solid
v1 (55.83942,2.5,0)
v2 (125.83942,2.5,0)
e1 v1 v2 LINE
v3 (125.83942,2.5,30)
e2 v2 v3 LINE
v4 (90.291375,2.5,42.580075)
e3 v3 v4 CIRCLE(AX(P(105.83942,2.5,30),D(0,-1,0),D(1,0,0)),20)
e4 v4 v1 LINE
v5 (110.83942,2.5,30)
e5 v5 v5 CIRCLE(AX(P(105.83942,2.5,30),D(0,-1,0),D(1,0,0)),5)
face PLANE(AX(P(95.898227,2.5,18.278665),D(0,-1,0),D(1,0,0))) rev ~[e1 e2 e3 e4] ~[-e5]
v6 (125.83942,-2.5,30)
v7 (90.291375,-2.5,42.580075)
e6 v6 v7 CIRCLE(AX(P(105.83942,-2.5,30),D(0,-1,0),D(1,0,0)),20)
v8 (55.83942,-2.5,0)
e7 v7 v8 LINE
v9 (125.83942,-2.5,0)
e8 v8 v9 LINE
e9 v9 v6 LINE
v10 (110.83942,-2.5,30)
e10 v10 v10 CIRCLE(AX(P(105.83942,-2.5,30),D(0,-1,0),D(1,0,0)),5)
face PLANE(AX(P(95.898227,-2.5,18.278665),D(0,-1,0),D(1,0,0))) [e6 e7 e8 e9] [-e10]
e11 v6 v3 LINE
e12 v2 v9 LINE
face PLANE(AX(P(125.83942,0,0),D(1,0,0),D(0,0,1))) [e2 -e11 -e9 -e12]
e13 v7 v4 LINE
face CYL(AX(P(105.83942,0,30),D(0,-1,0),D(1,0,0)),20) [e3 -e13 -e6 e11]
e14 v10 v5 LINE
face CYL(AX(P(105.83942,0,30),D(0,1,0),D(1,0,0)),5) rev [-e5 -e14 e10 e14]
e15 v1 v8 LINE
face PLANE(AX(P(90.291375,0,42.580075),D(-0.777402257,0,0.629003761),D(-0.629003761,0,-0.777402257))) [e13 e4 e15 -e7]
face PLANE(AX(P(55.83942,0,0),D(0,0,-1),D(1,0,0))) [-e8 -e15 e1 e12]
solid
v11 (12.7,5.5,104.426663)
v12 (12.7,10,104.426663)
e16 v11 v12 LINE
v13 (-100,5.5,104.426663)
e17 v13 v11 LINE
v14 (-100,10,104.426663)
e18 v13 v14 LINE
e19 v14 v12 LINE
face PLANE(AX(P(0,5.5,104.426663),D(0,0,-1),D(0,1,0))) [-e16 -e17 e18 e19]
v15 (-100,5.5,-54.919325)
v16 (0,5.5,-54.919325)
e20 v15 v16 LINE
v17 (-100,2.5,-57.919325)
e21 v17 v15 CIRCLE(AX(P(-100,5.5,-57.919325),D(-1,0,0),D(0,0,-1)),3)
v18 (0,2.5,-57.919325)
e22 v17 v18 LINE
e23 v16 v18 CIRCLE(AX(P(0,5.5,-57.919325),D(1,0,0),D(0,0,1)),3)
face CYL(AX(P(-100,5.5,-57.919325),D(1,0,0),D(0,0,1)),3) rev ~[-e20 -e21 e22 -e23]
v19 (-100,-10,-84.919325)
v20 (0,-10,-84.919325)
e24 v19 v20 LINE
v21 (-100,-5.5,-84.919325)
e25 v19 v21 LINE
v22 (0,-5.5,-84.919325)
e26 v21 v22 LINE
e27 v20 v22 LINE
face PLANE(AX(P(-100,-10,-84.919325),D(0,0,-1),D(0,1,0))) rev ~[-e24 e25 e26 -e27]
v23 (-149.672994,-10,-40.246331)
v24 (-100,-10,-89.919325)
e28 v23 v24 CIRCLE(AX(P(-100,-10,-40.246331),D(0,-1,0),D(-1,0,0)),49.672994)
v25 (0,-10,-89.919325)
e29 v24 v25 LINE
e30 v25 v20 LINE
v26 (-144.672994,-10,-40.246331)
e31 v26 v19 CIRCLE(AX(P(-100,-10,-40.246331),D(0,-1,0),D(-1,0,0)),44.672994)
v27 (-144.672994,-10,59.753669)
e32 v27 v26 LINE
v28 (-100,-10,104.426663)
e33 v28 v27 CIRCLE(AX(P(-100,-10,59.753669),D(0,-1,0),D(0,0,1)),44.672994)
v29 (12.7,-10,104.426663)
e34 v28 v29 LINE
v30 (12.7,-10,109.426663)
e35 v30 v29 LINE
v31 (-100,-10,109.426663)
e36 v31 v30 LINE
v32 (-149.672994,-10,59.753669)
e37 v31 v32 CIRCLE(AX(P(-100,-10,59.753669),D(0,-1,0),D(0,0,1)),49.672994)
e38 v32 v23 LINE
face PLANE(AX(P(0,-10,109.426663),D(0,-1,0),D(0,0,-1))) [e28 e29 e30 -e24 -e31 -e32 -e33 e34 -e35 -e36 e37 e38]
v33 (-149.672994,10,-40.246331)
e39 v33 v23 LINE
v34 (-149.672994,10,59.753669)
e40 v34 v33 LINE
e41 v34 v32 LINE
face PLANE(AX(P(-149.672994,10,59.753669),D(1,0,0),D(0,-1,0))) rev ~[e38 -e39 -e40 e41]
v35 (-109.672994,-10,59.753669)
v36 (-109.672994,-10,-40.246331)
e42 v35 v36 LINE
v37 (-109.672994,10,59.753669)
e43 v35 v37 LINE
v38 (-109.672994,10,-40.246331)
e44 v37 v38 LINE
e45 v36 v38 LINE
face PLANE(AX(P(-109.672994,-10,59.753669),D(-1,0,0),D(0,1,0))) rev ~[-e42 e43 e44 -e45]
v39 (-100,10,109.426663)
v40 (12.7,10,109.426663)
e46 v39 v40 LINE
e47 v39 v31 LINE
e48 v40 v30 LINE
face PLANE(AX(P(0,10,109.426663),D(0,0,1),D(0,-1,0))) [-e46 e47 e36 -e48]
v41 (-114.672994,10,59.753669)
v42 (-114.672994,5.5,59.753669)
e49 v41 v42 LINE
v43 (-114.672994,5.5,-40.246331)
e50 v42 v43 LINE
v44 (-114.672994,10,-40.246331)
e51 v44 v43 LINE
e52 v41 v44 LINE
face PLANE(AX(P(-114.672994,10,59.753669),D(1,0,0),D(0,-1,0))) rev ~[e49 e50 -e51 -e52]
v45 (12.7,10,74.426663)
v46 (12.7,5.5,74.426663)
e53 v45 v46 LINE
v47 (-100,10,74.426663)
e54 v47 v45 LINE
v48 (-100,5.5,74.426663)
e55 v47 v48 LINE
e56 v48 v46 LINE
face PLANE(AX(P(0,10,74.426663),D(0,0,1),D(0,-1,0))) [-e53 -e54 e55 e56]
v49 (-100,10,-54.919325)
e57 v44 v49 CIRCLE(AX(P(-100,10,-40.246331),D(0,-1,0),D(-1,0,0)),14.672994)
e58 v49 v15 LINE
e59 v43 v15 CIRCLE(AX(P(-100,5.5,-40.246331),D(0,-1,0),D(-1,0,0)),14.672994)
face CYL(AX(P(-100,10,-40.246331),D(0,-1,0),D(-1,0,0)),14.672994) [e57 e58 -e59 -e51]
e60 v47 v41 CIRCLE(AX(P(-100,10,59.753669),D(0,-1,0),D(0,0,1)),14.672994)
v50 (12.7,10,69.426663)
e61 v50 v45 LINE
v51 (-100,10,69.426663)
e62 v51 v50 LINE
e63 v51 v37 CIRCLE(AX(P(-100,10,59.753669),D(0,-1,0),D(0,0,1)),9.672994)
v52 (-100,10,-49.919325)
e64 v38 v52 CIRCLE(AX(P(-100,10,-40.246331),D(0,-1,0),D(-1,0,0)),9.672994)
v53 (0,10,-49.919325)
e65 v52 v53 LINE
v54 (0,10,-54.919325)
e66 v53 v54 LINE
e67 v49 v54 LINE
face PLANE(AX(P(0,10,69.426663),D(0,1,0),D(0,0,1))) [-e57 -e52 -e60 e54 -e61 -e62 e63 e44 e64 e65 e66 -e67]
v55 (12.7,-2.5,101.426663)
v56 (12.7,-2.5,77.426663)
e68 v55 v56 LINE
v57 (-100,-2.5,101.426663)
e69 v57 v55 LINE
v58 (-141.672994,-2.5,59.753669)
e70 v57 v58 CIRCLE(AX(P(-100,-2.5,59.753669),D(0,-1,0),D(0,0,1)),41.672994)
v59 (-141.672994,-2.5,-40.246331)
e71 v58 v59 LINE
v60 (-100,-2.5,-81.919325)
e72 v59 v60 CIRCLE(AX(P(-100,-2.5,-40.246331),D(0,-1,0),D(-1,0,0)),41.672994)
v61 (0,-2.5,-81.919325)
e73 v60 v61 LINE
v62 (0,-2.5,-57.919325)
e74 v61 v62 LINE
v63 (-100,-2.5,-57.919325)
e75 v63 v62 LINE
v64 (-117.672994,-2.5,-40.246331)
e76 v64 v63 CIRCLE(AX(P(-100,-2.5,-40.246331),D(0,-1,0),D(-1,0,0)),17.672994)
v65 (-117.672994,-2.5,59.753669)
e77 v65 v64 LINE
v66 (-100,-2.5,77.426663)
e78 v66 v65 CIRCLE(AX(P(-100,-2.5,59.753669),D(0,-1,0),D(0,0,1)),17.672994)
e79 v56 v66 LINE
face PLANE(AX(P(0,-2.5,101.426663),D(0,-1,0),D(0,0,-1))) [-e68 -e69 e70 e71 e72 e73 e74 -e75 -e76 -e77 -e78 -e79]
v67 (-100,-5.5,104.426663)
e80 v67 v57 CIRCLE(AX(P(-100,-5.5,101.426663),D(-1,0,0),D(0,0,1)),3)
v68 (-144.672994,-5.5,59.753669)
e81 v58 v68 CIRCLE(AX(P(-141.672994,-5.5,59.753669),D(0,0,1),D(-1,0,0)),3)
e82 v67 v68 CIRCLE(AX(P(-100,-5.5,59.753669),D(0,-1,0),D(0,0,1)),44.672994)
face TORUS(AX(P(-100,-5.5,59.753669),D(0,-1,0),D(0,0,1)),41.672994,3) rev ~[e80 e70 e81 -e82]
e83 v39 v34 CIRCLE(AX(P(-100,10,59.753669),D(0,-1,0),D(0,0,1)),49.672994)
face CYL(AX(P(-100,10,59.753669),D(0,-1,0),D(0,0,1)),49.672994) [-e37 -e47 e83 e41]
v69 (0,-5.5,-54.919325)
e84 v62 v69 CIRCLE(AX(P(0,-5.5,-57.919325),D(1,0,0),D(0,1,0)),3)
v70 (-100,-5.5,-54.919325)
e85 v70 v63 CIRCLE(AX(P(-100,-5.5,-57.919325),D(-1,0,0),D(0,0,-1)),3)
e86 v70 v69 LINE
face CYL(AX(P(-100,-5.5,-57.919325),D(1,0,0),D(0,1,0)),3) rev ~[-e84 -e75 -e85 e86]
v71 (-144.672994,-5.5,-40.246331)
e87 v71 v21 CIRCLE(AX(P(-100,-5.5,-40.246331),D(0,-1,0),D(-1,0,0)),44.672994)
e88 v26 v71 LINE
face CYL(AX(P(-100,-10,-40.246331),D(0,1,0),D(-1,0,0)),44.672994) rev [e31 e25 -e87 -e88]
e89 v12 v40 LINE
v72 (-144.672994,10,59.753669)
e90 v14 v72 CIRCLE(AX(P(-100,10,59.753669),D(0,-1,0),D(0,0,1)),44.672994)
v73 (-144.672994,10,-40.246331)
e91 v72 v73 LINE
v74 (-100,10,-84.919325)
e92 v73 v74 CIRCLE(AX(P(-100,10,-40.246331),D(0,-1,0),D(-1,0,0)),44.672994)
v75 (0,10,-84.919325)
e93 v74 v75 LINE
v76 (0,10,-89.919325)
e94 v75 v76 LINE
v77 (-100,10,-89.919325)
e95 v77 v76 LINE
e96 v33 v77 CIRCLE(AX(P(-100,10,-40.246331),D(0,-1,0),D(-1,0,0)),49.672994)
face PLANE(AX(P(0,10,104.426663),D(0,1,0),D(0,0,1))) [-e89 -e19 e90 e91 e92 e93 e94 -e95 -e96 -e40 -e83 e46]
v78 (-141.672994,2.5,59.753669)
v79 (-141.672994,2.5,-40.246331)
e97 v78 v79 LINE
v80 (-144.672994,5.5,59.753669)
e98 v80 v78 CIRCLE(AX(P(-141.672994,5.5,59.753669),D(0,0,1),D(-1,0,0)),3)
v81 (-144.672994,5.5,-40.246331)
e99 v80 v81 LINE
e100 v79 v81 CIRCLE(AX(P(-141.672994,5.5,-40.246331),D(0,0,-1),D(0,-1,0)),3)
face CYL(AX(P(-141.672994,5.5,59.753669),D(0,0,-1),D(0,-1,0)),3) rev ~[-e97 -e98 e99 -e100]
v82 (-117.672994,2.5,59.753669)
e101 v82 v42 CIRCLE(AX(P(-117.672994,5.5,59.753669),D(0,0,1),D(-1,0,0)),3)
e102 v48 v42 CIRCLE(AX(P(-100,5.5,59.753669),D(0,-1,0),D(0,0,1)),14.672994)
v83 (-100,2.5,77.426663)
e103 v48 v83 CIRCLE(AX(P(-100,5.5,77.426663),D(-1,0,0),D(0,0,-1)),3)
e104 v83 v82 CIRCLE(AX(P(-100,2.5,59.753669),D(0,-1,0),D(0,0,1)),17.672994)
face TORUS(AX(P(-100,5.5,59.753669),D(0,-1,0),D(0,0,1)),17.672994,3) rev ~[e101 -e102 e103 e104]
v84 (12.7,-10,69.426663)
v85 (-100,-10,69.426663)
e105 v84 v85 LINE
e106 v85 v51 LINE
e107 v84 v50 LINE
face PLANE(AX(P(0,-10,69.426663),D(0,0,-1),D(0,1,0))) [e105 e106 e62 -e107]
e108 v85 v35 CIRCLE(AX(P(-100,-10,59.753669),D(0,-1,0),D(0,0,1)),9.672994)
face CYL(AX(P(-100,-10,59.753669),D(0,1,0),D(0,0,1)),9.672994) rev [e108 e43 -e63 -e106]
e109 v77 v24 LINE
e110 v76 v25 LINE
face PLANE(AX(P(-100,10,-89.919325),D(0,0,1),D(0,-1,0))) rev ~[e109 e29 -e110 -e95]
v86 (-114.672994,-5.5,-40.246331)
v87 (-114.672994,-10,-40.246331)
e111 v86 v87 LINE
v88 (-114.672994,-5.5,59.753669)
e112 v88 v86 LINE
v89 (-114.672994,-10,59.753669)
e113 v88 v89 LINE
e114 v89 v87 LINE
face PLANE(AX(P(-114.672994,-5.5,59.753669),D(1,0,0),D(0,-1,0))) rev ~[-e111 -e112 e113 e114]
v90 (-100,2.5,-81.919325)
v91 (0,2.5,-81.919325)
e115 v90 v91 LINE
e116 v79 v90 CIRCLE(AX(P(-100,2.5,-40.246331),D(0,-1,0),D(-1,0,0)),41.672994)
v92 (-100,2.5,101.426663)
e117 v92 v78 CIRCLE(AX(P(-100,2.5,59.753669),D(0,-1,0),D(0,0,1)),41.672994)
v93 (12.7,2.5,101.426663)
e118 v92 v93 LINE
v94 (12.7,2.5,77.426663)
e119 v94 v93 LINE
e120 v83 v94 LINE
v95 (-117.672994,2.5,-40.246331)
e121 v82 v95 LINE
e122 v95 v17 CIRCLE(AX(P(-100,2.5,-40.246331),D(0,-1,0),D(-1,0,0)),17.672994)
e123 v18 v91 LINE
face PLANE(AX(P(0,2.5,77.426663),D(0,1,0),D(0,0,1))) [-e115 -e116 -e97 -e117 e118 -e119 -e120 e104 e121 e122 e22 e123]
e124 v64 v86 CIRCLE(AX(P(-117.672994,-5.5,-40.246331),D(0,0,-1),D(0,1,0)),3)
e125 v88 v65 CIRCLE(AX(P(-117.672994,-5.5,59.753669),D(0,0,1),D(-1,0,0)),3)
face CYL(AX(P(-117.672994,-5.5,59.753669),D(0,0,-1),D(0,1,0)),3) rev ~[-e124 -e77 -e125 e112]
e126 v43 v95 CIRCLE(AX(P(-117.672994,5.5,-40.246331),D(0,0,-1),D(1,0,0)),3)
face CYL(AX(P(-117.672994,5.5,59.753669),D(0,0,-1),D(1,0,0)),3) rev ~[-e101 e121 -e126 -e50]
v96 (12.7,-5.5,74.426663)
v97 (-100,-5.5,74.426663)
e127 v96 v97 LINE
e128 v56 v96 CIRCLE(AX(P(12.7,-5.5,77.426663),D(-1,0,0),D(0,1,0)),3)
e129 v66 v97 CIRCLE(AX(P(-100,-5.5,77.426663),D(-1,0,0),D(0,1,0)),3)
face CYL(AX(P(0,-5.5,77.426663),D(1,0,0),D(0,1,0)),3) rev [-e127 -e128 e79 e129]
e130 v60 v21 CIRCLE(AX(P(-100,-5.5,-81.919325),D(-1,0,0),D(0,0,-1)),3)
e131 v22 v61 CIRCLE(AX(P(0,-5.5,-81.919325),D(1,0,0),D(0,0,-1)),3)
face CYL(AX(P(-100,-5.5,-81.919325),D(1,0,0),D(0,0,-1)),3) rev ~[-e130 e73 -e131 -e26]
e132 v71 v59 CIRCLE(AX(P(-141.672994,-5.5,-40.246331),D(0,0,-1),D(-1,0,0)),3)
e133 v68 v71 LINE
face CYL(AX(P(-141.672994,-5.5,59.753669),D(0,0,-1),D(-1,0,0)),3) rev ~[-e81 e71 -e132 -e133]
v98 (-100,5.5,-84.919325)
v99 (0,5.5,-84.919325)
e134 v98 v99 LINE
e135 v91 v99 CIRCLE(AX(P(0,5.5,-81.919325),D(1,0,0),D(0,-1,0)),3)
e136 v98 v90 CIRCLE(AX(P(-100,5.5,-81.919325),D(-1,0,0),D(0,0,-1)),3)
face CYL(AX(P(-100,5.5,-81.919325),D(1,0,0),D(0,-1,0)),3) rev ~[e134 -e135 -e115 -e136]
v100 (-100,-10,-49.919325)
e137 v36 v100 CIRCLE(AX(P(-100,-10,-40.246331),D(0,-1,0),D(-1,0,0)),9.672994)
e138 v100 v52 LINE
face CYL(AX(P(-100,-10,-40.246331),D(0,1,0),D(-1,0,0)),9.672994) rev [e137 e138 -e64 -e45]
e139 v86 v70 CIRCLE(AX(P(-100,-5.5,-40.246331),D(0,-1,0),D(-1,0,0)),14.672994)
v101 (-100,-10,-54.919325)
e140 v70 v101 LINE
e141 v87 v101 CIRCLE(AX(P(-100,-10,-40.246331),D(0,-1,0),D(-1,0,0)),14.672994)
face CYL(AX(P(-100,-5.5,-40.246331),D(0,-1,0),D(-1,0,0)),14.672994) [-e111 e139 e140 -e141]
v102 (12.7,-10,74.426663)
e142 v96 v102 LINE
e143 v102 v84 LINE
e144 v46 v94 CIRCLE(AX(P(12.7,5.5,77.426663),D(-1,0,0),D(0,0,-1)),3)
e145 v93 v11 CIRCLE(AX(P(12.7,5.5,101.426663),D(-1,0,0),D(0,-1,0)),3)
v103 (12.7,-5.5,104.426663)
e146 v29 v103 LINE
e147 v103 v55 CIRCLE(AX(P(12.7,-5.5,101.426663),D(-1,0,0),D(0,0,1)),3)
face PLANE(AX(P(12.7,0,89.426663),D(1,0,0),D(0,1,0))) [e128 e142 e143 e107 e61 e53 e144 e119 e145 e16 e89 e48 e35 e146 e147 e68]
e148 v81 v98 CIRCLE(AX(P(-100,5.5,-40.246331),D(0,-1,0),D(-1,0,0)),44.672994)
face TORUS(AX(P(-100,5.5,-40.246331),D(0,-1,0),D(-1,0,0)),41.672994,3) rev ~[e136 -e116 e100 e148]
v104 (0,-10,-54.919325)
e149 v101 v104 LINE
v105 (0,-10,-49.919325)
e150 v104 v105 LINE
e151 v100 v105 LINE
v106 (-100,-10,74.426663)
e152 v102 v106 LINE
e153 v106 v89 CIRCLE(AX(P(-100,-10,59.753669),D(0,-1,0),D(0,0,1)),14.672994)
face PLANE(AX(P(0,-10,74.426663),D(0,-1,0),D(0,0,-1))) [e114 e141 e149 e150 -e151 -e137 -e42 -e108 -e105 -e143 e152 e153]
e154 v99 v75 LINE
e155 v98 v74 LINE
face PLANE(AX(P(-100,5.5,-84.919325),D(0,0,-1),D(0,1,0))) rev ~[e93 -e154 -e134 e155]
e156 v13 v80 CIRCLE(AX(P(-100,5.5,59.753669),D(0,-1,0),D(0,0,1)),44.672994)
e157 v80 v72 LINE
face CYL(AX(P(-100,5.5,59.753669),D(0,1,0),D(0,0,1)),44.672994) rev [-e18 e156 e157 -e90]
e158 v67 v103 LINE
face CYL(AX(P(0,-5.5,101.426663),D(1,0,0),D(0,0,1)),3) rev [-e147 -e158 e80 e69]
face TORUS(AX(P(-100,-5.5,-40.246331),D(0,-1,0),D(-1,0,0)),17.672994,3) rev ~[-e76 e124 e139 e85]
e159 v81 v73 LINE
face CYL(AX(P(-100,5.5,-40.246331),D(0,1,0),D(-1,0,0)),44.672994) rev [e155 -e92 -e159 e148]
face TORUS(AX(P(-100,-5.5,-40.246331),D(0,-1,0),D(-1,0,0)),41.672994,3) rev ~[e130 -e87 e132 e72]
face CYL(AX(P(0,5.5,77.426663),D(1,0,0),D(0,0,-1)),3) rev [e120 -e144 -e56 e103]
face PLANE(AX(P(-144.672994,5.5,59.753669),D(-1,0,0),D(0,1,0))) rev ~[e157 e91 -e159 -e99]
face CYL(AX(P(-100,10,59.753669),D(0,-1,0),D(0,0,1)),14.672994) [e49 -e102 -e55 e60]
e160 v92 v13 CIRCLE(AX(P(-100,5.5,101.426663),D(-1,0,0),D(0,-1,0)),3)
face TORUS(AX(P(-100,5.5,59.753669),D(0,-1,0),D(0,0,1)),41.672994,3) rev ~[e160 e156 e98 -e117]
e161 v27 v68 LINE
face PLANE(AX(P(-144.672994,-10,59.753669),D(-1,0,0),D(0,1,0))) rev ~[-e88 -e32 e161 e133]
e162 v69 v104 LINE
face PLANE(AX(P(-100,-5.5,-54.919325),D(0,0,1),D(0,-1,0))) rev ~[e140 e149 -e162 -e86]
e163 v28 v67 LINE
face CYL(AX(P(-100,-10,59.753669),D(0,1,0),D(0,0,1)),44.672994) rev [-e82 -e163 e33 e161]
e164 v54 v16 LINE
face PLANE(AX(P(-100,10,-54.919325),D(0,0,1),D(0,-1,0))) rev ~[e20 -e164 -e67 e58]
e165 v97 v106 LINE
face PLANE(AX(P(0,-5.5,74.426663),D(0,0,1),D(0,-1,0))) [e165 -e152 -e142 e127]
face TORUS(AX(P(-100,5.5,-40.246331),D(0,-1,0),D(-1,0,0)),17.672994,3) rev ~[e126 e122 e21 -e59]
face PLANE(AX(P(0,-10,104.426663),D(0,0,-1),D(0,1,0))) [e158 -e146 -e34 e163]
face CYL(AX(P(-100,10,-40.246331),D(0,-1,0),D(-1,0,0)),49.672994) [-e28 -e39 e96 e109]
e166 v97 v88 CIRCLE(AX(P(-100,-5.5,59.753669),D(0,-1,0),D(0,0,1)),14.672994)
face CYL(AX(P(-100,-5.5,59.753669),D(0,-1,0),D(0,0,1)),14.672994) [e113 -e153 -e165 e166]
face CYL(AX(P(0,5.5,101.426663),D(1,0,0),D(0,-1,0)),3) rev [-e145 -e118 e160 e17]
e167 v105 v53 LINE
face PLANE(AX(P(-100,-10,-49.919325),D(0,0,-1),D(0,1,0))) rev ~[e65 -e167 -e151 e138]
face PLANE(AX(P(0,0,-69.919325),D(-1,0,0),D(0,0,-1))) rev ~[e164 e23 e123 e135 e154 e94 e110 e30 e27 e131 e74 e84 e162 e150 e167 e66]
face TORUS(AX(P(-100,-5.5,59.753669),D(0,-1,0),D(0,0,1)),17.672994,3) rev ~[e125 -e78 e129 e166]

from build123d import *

# Parameters (mm, degrees)
F2_DEPTH = 12.7
F4_R     = 5
F5_DEPTH = 2.5


with BuildPart() as f2:
    # F0 (on Right) → F2 (new body, symmetric)
    with BuildSketch(Plane.YZ):
        with BuildLine():
            Line((-10, 69.4266632199), (0, 69.4266632199))
            Line((0, 69.4266632199), (10, 69.4266632199))
            Line((10, 69.4266632199), (10, 74.4266632199))
            Line((10, 74.4266632199), (5.5, 74.4266632199))
            ThreePointArc((5.5, 74.4266632199), (3.3786796564, 75.3053428764), (2.5, 77.4266632199))
            Line((2.5, 77.4266632199), (2.5, 101.4266632199))
            ThreePointArc((2.5, 101.4266632199), (3.3786796564, 103.5479835635), (5.5, 104.4266632199))
            Line((5.5, 104.4266632199), (10, 104.4266632199))
            Line((10, 104.4266632199), (10, 109.4266632199))
            Line((10, 109.4266632199), (0, 109.4266632199))
            Line((0, 109.4266632199), (-10, 109.4266632199))
            Line((-10, 109.4266632199), (-10, 104.4266632199))
            Line((-10, 104.4266632199), (-5.5, 104.4266632199))
            ThreePointArc((-5.5, 104.4266632199), (-3.3786796564, 103.5479835635), (-2.5, 101.4266632199))
            Line((-2.5, 101.4266632199), (-2.5, 77.4266632199))
            ThreePointArc((-2.5, 77.4266632199), (-3.3786796564, 75.3053428764), (-5.5, 74.4266632199))
            Line((-5.5, 74.4266632199), (-10, 74.4266632199))
            Line((-10, 74.4266632199), (-10, 69.4266632199))
        make_face()
    extrude(amount=F2_DEPTH, both=True)

    # F3: sweep along a path in F1
    with BuildLine(Plane.XZ) as f3_path:
        Line((0, 69.7536692023), (-100, 69.7536692023))
        ThreePointArc((-100, 69.7536692023), (-107.0710678119, 66.8247370142), (-110, 59.7536692023))
        Line((-110, 59.7536692023), (-110, -40.2463307977))
        ThreePointArc((-110, -40.2463307977), (-107.0710678119, -47.3173986095), (-100, -50.2463307977))
        Line((-100, -50.2463307977), (0, -50.2463307977))
    # F0 (on Right) → F3 (sweep)
    with BuildSketch(Plane.YZ):
        with BuildLine():
            Line((-10, 69.4266632199), (0, 69.4266632199))
            Line((0, 69.4266632199), (10, 69.4266632199))
            Line((10, 69.4266632199), (10, 74.4266632199))
            Line((10, 74.4266632199), (5.5, 74.4266632199))
            ThreePointArc((5.5, 74.4266632199), (3.3786796564, 75.3053428764), (2.5, 77.4266632199))
            Line((2.5, 77.4266632199), (2.5, 101.4266632199))
            ThreePointArc((2.5, 101.4266632199), (3.3786796564, 103.5479835635), (5.5, 104.4266632199))
            Line((5.5, 104.4266632199), (10, 104.4266632199))
            Line((10, 104.4266632199), (10, 109.4266632199))
            Line((10, 109.4266632199), (0, 109.4266632199))
            Line((0, 109.4266632199), (-10, 109.4266632199))
            Line((-10, 109.4266632199), (-10, 104.4266632199))
            Line((-10, 104.4266632199), (-5.5, 104.4266632199))
            ThreePointArc((-5.5, 104.4266632199), (-3.3786796564, 103.5479835635), (-2.5, 101.4266632199))
            Line((-2.5, 101.4266632199), (-2.5, 77.4266632199))
            ThreePointArc((-2.5, 77.4266632199), (-3.3786796564, 75.3053428764), (-5.5, 74.4266632199))
            Line((-5.5, 74.4266632199), (-10, 74.4266632199))
            Line((-10, 74.4266632199), (-10, 69.4266632199))
        make_face()
    sweep(path=f3_path.line)


with BuildPart() as f5:
    # F4 (on Front) → F5 (new body, symmetric)
    with BuildSketch(Plane.XZ):
        with BuildLine():
            Line((90.2913753359, 42.5800752207), (55.8394204684, 0))
            Line((55.8394204684, 0), (125.8394204684, 0))
            Line((125.8394204684, 0), (125.8394204684, 30))
            ThreePointArc((125.8394204684, 30), (112.5117175747, 48.8541892248), (90.2913753359, 42.5800752207))
        make_face()
        with Locations((105.8394204684, 30)):
            Circle(F4_R, mode=Mode.SUBTRACT)
    extrude(amount=F5_DEPTH, both=True)


solid = Compound([f2.part, f5.part])
